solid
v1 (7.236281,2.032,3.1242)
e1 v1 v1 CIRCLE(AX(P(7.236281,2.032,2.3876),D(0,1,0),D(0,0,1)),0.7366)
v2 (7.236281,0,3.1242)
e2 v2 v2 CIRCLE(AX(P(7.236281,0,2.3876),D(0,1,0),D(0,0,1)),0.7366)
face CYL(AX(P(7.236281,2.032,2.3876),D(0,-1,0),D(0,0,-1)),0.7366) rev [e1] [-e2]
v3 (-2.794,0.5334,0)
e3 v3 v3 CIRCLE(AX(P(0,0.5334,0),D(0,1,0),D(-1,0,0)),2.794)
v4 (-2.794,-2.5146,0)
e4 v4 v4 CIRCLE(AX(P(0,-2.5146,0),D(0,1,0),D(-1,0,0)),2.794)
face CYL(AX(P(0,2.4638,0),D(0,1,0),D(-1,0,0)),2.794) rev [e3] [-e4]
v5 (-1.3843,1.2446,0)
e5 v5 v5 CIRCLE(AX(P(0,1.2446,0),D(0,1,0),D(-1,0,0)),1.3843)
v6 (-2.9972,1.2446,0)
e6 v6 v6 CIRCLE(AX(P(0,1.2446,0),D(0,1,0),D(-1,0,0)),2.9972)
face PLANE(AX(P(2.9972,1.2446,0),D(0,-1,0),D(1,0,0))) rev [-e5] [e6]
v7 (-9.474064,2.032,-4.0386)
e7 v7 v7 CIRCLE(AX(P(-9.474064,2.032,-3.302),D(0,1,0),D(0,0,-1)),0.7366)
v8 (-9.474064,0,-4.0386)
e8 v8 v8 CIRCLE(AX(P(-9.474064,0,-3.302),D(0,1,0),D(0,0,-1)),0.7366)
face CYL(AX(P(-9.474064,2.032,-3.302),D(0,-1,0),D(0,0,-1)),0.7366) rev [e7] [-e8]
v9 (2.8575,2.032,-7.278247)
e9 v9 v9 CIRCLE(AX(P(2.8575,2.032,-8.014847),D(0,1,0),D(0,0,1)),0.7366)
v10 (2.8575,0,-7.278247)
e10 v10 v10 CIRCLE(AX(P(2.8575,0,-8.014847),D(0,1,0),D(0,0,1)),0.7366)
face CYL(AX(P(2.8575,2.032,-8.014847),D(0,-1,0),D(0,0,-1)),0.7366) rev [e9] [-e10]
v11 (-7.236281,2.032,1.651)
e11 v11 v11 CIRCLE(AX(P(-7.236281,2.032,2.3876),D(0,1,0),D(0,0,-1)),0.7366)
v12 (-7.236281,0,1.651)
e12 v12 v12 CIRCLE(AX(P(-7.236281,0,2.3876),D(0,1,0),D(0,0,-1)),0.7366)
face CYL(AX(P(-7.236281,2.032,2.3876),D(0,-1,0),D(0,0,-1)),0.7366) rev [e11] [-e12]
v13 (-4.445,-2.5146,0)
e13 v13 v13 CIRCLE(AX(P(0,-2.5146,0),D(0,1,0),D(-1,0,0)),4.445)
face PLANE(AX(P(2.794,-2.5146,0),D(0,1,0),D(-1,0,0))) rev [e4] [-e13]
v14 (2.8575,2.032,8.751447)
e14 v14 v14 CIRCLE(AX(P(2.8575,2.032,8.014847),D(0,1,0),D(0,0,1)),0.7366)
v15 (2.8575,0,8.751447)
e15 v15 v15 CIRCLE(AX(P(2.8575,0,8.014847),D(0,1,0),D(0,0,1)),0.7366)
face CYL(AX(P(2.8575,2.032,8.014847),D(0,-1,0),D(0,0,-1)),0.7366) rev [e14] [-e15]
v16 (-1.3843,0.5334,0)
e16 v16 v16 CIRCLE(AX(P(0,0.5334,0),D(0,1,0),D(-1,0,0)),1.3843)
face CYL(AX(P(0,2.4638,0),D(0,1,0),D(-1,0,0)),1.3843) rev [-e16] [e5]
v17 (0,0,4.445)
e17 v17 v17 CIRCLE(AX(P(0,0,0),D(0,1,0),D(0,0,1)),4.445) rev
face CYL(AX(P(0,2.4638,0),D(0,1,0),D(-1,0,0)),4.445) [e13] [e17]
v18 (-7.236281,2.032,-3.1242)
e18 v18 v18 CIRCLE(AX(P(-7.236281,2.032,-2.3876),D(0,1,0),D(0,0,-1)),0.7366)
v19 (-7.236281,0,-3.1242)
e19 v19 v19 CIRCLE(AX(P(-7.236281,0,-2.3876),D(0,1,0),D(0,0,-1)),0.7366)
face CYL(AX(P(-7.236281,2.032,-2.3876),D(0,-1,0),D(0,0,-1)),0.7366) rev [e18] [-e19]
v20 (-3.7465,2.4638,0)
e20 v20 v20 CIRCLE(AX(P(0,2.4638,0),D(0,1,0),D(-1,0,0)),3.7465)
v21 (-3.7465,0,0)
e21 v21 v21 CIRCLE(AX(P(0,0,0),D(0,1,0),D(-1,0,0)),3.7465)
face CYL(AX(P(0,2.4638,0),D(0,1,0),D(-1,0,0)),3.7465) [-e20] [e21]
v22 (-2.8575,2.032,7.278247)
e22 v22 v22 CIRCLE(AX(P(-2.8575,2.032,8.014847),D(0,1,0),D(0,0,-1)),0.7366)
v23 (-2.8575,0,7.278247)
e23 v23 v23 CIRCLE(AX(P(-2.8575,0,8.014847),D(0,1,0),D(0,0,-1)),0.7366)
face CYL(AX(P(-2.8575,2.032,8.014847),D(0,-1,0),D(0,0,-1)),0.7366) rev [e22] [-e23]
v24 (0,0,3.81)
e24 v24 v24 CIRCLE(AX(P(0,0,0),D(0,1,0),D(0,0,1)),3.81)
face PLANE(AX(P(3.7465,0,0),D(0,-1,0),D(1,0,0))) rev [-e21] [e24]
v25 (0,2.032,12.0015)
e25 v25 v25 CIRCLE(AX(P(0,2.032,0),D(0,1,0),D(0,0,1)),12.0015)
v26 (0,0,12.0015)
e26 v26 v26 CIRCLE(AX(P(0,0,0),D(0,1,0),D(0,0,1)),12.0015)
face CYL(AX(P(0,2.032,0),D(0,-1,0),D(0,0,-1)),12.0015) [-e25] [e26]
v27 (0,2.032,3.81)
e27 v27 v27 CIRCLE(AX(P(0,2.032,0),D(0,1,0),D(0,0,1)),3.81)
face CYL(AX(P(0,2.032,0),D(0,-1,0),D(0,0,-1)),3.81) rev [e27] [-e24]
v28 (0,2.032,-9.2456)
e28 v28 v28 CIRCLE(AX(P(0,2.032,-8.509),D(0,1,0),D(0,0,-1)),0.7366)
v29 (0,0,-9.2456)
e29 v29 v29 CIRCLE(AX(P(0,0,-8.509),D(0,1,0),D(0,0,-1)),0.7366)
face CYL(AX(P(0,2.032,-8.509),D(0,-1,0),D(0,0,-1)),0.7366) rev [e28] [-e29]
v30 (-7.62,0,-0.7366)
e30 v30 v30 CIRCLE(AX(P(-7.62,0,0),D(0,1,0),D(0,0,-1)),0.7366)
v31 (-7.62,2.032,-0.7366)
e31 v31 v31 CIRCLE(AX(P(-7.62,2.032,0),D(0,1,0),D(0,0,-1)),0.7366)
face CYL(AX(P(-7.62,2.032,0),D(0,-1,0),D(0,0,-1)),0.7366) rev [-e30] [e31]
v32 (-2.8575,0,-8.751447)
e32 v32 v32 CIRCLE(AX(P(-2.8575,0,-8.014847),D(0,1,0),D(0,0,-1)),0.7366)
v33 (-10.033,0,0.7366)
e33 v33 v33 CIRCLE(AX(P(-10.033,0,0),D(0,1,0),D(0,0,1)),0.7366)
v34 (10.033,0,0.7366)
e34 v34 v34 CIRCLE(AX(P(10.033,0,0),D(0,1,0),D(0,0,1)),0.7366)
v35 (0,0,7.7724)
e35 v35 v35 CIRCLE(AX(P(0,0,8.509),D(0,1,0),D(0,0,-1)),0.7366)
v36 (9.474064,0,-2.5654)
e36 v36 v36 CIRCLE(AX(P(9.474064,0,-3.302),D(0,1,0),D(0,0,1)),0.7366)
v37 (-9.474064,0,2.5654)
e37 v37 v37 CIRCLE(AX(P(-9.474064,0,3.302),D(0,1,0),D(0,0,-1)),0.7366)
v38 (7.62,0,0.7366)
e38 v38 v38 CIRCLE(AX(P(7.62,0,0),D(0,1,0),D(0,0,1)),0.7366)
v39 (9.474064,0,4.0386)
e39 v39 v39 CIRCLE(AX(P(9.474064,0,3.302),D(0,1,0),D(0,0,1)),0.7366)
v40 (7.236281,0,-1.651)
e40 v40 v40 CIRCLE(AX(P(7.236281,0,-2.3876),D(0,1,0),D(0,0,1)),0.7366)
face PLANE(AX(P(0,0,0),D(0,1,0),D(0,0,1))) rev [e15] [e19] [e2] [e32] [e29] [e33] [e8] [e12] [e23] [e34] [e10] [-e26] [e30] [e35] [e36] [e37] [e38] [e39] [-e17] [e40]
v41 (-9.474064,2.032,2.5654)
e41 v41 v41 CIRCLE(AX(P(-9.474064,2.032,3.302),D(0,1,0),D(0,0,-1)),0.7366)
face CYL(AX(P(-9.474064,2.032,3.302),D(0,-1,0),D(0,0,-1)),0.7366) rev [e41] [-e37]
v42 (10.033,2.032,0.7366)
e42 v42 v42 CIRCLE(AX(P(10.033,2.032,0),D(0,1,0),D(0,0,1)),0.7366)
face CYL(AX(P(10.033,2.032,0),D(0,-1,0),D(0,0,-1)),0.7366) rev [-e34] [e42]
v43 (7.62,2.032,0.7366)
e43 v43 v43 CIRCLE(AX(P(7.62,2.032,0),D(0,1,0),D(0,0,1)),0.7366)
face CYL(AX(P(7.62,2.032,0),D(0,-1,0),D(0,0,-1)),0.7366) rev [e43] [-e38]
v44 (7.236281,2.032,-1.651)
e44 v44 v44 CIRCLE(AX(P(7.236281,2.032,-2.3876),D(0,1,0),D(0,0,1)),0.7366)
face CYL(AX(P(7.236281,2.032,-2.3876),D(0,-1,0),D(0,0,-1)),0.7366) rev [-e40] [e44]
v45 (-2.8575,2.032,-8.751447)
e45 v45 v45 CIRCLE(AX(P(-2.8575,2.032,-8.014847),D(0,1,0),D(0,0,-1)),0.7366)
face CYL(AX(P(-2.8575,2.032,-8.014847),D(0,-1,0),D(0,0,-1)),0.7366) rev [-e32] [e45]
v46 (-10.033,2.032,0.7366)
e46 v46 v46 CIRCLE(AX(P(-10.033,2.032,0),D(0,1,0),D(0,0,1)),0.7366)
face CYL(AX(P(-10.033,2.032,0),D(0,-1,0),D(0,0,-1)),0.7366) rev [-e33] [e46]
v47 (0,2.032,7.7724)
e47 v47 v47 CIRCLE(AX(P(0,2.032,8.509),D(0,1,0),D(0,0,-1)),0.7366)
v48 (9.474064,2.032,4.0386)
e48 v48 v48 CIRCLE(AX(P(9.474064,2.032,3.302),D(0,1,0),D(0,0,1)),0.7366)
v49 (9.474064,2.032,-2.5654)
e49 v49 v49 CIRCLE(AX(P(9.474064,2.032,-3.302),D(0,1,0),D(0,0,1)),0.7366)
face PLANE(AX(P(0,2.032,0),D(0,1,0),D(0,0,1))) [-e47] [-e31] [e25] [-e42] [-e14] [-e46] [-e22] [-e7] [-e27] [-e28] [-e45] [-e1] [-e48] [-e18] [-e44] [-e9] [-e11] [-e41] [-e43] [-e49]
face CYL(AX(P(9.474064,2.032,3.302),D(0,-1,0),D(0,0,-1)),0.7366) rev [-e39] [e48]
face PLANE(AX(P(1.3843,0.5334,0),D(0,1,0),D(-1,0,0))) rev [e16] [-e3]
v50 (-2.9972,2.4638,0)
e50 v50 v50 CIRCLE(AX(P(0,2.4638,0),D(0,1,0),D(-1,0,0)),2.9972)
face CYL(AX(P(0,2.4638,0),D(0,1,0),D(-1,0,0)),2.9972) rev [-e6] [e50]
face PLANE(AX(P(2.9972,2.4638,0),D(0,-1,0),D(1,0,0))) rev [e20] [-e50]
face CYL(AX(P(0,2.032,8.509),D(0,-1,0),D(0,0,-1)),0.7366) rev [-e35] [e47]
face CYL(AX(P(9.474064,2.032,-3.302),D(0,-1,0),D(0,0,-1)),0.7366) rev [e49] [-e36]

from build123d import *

# Parameters (mm, degrees)
SKETCH1_R           = 12.0015
SKETCH1_R_2         = 0.7366
SKETCH1_R_3         = 3.81
BOSS_EXTRUDE1_DEPTH = 2.032


with BuildPart() as part:
    # Sketch1 → Boss-Extrude1 (new body)
    with BuildSketch(Plane(origin=(0, 0, 0), x_dir=(1, 0, 0), z_dir=(0, 1, 0))):
        with Locations(Location((0, 0, 0), (0, 0, 270))):
            Circle(SKETCH1_R)
        with Locations(Location((0, 8.509, 0), (0, 0, 90))):
            Circle(SKETCH1_R_2, mode=Mode.SUBTRACT)
        with Locations(Location((0, -8.509, 0), (0, 0, 90))):
            Circle(SKETCH1_R_2, mode=Mode.SUBTRACT)
        with Locations(Location((7.62, 0, 0), (0, 0, 270))):
            Circle(SKETCH1_R_2, mode=Mode.SUBTRACT)
        with Locations(Location((-7.62, 0, 0), (0, 0, 90))):
            Circle(SKETCH1_R_2, mode=Mode.SUBTRACT)
        with Locations(Location((2.8575, -8.014847145, 0), (0, 0, 270))):
            Circle(SKETCH1_R_2, mode=Mode.SUBTRACT)
        with Locations(Location((2.8575, 8.014847145, 0), (0, 0, 270))):
            Circle(SKETCH1_R_2, mode=Mode.SUBTRACT)
        with Locations(Location((-2.8575, -8.014847145, 0), (0, 0, 90))):
            Circle(SKETCH1_R_2, mode=Mode.SUBTRACT)
        with Locations(Location((-2.8575, 8.014847145, 0), (0, 0, 90))):
            Circle(SKETCH1_R_2, mode=Mode.SUBTRACT)
        with Locations(Location((7.236281244, 2.3876, 0), (0, 0, 270))):
            Circle(SKETCH1_R_2, mode=Mode.SUBTRACT)
        with Locations(Location((7.236281244, -2.3876, 0), (0, 0, 270))):
            Circle(SKETCH1_R_2, mode=Mode.SUBTRACT)
        with Locations(Location((9.474063806, 3.302, 0), (0, 0, 270))):
            Circle(SKETCH1_R_2, mode=Mode.SUBTRACT)
        with Locations(Location((9.474063806, -3.302, 0), (0, 0, 270))):
            Circle(SKETCH1_R_2, mode=Mode.SUBTRACT)
        with Locations(Location((-7.236281244, -2.3876, 0), (0, 0, 90))):
            Circle(SKETCH1_R_2, mode=Mode.SUBTRACT)
        with Locations(Location((-9.474063806, -3.302, 0), (0, 0, 90))):
            Circle(SKETCH1_R_2, mode=Mode.SUBTRACT)
        with Locations(Location((-9.474063806, 3.302, 0), (0, 0, 90))):
            Circle(SKETCH1_R_2, mode=Mode.SUBTRACT)
        with Locations(Location((-7.236281244, 2.3876, 0), (0, 0, 90))):
            Circle(SKETCH1_R_2, mode=Mode.SUBTRACT)
        with Locations(Location((10.033, 0, 0), (0, 0, 270))):
            Circle(SKETCH1_R_2, mode=Mode.SUBTRACT)
        with Locations(Location((-10.033, 0, 0), (0, 0, 270))):
            Circle(SKETCH1_R_2, mode=Mode.SUBTRACT)
        with Locations(Location((0, 0, 0), (0, 0, 270))):
            Circle(SKETCH1_R_3, mode=Mode.SUBTRACT)
    extrude(amount=BOSS_EXTRUDE1_DEPTH)

    # Sketch3 → hub (revolve)
    with BuildSketch(Plane.XY, mode=Mode.PRIVATE) as hub_sk:
        Polygon((1.3843, 0.5334), (2.794, 0.5334), (2.794, -2.5146), (4.445, -2.5146), (4.445, 0), (3.7465, 0), (3.7465, 2.4638), (2.9972, 2.4638), (2.9972, 1.2446), (1.3843, 1.2446), align=None)
    revolve(hub_sk.sketch.rotate(Axis((0, 2.4638, 0), (0, -1, 0)), 180), axis=Axis((0, 2.4638, 0), (0, -1, 0)))


solid = part.part
